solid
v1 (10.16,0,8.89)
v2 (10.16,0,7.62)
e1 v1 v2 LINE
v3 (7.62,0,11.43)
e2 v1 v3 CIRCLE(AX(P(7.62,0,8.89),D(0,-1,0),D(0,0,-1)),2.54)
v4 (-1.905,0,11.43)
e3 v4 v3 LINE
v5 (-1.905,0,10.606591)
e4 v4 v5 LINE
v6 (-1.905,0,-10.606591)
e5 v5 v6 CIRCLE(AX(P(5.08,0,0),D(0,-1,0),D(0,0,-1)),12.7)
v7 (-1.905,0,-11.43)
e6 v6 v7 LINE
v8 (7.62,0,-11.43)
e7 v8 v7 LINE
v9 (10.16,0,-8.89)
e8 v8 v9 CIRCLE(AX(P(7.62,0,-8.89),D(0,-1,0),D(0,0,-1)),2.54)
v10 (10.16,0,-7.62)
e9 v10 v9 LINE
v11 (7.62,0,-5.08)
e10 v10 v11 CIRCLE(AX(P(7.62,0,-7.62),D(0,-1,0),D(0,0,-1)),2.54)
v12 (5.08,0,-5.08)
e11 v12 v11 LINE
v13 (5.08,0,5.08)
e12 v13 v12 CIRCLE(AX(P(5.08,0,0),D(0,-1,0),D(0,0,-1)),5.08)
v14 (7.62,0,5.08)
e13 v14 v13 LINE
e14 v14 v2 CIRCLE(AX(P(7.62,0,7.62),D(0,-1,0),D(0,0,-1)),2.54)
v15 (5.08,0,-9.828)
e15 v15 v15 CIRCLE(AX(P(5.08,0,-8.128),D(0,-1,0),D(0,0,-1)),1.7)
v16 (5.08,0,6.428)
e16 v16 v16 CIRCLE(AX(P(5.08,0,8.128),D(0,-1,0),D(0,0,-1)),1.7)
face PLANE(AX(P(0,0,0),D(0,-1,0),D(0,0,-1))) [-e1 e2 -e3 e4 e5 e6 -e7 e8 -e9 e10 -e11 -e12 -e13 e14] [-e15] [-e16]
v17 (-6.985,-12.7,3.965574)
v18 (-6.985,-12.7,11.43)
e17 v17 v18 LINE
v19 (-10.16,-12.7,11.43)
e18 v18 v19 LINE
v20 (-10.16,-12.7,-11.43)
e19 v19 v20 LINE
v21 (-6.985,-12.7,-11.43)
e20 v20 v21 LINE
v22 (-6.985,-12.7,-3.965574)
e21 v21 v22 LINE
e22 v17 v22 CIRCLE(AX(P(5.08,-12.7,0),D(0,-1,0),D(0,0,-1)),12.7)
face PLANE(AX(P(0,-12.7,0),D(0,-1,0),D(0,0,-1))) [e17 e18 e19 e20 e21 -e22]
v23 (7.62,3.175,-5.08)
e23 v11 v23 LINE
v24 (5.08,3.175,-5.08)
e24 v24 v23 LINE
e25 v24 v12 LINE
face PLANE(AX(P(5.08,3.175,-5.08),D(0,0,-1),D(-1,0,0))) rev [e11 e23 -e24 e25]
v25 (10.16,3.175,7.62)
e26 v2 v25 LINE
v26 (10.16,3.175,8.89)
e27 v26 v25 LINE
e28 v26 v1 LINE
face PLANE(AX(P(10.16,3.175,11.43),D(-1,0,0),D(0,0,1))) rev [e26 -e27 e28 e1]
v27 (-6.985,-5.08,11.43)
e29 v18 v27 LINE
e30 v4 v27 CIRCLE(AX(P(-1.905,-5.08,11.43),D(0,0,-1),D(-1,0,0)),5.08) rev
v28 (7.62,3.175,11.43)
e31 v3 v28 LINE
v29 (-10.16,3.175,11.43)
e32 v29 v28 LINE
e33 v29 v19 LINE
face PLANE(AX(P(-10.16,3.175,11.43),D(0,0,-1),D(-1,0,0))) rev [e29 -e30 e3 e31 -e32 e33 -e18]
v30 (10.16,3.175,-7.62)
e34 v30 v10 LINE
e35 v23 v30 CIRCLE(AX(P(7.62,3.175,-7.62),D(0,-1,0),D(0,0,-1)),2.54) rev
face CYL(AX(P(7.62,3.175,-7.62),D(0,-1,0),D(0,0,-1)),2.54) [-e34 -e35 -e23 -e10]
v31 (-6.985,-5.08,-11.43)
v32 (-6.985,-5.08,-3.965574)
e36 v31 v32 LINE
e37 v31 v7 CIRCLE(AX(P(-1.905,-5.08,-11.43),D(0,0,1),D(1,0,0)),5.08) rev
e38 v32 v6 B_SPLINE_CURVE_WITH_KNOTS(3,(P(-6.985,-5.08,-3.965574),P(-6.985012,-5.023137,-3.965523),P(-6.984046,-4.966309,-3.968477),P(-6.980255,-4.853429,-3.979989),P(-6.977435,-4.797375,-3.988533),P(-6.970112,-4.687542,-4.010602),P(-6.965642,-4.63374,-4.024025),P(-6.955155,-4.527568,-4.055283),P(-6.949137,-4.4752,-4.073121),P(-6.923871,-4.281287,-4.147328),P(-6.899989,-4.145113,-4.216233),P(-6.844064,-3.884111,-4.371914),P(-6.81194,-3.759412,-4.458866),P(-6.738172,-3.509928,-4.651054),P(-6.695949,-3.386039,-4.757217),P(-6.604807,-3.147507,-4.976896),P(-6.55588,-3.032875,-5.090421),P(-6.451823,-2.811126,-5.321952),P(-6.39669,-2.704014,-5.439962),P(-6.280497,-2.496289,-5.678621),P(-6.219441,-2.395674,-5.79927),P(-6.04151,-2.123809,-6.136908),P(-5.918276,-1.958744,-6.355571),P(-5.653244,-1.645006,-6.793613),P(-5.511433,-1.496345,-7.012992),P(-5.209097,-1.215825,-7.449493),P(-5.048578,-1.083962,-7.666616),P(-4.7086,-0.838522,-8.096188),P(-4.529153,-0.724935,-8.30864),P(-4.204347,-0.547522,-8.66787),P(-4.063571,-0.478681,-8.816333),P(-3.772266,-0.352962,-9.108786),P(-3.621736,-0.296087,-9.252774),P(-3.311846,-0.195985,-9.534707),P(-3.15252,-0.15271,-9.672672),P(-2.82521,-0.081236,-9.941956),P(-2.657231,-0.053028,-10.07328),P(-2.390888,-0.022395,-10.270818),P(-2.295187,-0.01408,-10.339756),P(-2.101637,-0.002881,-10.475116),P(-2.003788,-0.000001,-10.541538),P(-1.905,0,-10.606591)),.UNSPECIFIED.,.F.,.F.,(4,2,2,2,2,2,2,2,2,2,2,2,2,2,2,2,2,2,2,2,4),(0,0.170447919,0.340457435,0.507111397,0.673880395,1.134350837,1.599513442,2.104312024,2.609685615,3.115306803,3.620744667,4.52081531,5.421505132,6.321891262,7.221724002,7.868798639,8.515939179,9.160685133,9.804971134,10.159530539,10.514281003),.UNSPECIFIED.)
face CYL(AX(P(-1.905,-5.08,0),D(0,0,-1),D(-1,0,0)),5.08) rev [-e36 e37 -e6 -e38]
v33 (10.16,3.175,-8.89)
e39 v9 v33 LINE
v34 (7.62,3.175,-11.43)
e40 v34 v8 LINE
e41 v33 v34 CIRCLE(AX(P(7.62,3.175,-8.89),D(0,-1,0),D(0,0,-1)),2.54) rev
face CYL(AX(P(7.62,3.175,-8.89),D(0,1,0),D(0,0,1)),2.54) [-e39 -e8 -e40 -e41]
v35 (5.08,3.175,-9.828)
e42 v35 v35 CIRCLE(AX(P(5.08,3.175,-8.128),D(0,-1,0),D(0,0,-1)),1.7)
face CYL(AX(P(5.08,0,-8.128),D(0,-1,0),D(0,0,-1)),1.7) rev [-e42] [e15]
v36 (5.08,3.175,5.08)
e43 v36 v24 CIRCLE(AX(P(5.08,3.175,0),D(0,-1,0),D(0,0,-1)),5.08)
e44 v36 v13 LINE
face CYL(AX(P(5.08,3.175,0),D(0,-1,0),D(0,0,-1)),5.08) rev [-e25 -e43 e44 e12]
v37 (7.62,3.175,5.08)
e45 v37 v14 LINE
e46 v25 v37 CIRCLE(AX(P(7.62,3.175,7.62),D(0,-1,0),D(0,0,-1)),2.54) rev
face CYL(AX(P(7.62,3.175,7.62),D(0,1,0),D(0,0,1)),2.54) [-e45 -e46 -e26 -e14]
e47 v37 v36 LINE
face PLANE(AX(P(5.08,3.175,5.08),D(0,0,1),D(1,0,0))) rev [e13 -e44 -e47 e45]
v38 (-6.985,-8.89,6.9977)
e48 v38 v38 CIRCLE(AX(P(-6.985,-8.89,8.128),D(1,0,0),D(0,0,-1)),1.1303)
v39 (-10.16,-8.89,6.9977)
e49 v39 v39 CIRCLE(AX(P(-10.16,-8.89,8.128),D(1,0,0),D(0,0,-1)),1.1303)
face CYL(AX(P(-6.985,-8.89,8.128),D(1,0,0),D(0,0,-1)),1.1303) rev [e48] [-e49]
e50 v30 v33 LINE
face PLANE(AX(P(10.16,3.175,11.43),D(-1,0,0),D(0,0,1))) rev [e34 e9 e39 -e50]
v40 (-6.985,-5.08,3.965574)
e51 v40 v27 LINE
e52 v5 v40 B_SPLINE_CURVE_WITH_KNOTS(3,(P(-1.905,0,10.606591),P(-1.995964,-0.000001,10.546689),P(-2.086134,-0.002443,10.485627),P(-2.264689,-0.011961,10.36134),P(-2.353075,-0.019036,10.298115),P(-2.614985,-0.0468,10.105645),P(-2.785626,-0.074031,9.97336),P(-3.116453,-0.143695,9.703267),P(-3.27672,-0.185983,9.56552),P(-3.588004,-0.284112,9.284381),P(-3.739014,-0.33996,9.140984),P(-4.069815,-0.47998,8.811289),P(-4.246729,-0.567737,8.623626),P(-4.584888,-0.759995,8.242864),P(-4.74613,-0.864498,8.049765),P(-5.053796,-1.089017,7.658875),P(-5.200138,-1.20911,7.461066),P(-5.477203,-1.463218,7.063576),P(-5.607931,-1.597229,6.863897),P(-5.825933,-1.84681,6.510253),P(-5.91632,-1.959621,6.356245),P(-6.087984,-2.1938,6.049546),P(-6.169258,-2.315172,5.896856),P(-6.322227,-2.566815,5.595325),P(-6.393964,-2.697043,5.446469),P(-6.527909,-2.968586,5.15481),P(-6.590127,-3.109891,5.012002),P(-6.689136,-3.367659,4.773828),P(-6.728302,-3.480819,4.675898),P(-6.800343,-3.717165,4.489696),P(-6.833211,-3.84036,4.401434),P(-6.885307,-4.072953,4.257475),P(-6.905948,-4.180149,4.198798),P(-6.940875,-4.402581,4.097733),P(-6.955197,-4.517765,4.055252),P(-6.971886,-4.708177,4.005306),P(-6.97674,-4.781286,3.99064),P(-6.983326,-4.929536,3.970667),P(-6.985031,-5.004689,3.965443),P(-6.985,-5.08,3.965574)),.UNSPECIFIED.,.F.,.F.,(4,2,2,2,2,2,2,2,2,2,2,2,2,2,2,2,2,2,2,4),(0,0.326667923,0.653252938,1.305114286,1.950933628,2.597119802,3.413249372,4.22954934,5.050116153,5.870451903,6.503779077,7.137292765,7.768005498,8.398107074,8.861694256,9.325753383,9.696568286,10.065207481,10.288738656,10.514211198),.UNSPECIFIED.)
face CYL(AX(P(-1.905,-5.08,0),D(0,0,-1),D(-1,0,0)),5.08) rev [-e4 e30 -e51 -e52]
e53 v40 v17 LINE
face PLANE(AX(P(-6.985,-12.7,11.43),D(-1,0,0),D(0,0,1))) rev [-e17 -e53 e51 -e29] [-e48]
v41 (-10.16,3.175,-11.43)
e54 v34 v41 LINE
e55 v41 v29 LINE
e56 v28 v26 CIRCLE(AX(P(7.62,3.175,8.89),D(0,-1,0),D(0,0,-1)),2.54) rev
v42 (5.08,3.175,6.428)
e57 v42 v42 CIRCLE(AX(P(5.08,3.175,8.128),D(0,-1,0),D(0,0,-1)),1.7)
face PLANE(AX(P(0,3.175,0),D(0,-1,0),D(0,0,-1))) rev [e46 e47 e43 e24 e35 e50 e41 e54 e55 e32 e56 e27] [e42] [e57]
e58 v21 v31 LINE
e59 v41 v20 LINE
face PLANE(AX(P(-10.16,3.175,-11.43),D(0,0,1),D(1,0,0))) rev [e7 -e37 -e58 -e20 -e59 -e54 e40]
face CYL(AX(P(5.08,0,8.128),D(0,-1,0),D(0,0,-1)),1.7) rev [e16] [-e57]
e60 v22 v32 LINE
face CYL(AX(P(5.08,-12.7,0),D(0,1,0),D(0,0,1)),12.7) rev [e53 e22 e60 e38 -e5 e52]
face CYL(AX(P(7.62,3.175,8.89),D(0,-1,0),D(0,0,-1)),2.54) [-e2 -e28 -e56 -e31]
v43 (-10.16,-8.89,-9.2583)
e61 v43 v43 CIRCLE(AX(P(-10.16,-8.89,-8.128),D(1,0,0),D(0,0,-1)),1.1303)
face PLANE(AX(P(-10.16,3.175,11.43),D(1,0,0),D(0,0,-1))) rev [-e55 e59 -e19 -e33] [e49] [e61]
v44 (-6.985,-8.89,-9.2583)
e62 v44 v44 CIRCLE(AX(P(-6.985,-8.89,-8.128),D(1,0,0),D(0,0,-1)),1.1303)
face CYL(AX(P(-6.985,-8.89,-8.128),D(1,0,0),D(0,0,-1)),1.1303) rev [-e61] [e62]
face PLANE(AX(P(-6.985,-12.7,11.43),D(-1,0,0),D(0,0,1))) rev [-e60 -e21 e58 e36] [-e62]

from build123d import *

# Parameters (mm, degrees)
SKETCH1_W             = 20.32
SKETCH1_H             = 22.86
BOSS_EXTRUDE1_DEPTH   = 3.175
FILLET1_R             = 2.54
FILLET2_R             = 2.54
CUT_EXTRUDE2_DEPTH    = 4.175
FILLET3_R             = 2.54
FILLET4_R             = 2.54
SKETCH4_W             = 3.175
SKETCH4_H             = 22.86
BOSS_EXTRUDE2_DEPTH   = 12.7
FILLET6_R             = 5.08
SKETCH5_R             = 12.7
CUT_EXTRUDE4_DEPTH    = 13.7
F_4_40_TAPPED_HOLE3_D = 2.2606
M3_CLEARANCE_HOLE1_D  = 3.4


with BuildPart() as part:
    # Sketch1 → Boss-Extrude1 (new body)
    with BuildSketch(Plane(origin=(0, 0, 0), x_dir=(1, 0, 0), z_dir=(0, 1, 0))):
        Rectangle(SKETCH1_W, SKETCH1_H)
    extrude(amount=BOSS_EXTRUDE1_DEPTH)

    # Fillet1
    fillet1_edges = [part.edges().sort_by_distance(p)[0] for p in [
        (10.16, 1.5875, -11.43),
    ]]
    fillet(fillet1_edges, radius=FILLET1_R)

    # Fillet2
    fillet2_edges = [part.edges().sort_by_distance(p)[0] for p in [
        (10.16, 1.5875, 11.43),
    ]]
    fillet(fillet2_edges, radius=FILLET2_R)

    # Sketch2 → Cut-Extrude2 (cut, through all)
    with BuildSketch(Plane.XZ):
        with BuildLine():
            Line((5.08, -5.08), (10.16, -5.08))
            Line((10.16, -5.08), (10.16, 5.08))
            Line((10.16, 5.08), (5.08, 5.08))
            ThreePointArc((5.08, 5.08), (0, 0), (5.08, -5.08))
        make_face()
    extrude(amount=-CUT_EXTRUDE2_DEPTH, mode=Mode.SUBTRACT)

    # Fillet3
    fillet3_edges = [part.edges().sort_by_distance(p)[0] for p in [
        (10.16, 1.5875, 5.08),
    ]]
    fillet(fillet3_edges, radius=FILLET3_R)

    # Fillet4
    fillet4_edges = [part.edges().sort_by_distance(p)[0] for p in [
        (10.16, 1.5875, -5.08),
    ]]
    fillet(fillet4_edges, radius=FILLET4_R)

    # Sketch4 → Boss-Extrude2 (add)
    with BuildSketch(Plane.XZ):
        with Locations((-8.5725, 0)):
            Rectangle(SKETCH4_W, SKETCH4_H)
    extrude(amount=BOSS_EXTRUDE2_DEPTH)

    # Fillet6
    fillet6_edges = [part.edges().sort_by_distance(p)[0] for p in [
        (-6.985, 0, 0),
    ]]
    fillet(fillet6_edges, radius=FILLET6_R)

    # Sketch5 → Cut-Extrude4 (cut, through all)
    with BuildSketch(Plane.XZ):
        with Locations((5.08, 0)):
            Circle(SKETCH5_R)
    extrude(amount=CUT_EXTRUDE4_DEPTH, mode=Mode.SUBTRACT)

    # #4-40 Tapped Hole3 (through all)
    with Locations(Plane(origin=(-6.985, 0, 0), x_dir=(0, 0, -1), z_dir=(1, 0, 0))):
        with Locations((-8.128, -8.89), (8.128, -8.89)):
            Hole(F_4_40_TAPPED_HOLE3_D / 2)

    # M3 Clearance Hole1 (through all)
    with Locations(Plane(origin=(0, 0, 0), x_dir=(-1, 0, 0), z_dir=(0, -1, 0))):
        with Locations((-5.08, -8.128), (-5.08, 8.128)):
            Hole(M3_CLEARANCE_HOLE1_D / 2)


solid = part.part
